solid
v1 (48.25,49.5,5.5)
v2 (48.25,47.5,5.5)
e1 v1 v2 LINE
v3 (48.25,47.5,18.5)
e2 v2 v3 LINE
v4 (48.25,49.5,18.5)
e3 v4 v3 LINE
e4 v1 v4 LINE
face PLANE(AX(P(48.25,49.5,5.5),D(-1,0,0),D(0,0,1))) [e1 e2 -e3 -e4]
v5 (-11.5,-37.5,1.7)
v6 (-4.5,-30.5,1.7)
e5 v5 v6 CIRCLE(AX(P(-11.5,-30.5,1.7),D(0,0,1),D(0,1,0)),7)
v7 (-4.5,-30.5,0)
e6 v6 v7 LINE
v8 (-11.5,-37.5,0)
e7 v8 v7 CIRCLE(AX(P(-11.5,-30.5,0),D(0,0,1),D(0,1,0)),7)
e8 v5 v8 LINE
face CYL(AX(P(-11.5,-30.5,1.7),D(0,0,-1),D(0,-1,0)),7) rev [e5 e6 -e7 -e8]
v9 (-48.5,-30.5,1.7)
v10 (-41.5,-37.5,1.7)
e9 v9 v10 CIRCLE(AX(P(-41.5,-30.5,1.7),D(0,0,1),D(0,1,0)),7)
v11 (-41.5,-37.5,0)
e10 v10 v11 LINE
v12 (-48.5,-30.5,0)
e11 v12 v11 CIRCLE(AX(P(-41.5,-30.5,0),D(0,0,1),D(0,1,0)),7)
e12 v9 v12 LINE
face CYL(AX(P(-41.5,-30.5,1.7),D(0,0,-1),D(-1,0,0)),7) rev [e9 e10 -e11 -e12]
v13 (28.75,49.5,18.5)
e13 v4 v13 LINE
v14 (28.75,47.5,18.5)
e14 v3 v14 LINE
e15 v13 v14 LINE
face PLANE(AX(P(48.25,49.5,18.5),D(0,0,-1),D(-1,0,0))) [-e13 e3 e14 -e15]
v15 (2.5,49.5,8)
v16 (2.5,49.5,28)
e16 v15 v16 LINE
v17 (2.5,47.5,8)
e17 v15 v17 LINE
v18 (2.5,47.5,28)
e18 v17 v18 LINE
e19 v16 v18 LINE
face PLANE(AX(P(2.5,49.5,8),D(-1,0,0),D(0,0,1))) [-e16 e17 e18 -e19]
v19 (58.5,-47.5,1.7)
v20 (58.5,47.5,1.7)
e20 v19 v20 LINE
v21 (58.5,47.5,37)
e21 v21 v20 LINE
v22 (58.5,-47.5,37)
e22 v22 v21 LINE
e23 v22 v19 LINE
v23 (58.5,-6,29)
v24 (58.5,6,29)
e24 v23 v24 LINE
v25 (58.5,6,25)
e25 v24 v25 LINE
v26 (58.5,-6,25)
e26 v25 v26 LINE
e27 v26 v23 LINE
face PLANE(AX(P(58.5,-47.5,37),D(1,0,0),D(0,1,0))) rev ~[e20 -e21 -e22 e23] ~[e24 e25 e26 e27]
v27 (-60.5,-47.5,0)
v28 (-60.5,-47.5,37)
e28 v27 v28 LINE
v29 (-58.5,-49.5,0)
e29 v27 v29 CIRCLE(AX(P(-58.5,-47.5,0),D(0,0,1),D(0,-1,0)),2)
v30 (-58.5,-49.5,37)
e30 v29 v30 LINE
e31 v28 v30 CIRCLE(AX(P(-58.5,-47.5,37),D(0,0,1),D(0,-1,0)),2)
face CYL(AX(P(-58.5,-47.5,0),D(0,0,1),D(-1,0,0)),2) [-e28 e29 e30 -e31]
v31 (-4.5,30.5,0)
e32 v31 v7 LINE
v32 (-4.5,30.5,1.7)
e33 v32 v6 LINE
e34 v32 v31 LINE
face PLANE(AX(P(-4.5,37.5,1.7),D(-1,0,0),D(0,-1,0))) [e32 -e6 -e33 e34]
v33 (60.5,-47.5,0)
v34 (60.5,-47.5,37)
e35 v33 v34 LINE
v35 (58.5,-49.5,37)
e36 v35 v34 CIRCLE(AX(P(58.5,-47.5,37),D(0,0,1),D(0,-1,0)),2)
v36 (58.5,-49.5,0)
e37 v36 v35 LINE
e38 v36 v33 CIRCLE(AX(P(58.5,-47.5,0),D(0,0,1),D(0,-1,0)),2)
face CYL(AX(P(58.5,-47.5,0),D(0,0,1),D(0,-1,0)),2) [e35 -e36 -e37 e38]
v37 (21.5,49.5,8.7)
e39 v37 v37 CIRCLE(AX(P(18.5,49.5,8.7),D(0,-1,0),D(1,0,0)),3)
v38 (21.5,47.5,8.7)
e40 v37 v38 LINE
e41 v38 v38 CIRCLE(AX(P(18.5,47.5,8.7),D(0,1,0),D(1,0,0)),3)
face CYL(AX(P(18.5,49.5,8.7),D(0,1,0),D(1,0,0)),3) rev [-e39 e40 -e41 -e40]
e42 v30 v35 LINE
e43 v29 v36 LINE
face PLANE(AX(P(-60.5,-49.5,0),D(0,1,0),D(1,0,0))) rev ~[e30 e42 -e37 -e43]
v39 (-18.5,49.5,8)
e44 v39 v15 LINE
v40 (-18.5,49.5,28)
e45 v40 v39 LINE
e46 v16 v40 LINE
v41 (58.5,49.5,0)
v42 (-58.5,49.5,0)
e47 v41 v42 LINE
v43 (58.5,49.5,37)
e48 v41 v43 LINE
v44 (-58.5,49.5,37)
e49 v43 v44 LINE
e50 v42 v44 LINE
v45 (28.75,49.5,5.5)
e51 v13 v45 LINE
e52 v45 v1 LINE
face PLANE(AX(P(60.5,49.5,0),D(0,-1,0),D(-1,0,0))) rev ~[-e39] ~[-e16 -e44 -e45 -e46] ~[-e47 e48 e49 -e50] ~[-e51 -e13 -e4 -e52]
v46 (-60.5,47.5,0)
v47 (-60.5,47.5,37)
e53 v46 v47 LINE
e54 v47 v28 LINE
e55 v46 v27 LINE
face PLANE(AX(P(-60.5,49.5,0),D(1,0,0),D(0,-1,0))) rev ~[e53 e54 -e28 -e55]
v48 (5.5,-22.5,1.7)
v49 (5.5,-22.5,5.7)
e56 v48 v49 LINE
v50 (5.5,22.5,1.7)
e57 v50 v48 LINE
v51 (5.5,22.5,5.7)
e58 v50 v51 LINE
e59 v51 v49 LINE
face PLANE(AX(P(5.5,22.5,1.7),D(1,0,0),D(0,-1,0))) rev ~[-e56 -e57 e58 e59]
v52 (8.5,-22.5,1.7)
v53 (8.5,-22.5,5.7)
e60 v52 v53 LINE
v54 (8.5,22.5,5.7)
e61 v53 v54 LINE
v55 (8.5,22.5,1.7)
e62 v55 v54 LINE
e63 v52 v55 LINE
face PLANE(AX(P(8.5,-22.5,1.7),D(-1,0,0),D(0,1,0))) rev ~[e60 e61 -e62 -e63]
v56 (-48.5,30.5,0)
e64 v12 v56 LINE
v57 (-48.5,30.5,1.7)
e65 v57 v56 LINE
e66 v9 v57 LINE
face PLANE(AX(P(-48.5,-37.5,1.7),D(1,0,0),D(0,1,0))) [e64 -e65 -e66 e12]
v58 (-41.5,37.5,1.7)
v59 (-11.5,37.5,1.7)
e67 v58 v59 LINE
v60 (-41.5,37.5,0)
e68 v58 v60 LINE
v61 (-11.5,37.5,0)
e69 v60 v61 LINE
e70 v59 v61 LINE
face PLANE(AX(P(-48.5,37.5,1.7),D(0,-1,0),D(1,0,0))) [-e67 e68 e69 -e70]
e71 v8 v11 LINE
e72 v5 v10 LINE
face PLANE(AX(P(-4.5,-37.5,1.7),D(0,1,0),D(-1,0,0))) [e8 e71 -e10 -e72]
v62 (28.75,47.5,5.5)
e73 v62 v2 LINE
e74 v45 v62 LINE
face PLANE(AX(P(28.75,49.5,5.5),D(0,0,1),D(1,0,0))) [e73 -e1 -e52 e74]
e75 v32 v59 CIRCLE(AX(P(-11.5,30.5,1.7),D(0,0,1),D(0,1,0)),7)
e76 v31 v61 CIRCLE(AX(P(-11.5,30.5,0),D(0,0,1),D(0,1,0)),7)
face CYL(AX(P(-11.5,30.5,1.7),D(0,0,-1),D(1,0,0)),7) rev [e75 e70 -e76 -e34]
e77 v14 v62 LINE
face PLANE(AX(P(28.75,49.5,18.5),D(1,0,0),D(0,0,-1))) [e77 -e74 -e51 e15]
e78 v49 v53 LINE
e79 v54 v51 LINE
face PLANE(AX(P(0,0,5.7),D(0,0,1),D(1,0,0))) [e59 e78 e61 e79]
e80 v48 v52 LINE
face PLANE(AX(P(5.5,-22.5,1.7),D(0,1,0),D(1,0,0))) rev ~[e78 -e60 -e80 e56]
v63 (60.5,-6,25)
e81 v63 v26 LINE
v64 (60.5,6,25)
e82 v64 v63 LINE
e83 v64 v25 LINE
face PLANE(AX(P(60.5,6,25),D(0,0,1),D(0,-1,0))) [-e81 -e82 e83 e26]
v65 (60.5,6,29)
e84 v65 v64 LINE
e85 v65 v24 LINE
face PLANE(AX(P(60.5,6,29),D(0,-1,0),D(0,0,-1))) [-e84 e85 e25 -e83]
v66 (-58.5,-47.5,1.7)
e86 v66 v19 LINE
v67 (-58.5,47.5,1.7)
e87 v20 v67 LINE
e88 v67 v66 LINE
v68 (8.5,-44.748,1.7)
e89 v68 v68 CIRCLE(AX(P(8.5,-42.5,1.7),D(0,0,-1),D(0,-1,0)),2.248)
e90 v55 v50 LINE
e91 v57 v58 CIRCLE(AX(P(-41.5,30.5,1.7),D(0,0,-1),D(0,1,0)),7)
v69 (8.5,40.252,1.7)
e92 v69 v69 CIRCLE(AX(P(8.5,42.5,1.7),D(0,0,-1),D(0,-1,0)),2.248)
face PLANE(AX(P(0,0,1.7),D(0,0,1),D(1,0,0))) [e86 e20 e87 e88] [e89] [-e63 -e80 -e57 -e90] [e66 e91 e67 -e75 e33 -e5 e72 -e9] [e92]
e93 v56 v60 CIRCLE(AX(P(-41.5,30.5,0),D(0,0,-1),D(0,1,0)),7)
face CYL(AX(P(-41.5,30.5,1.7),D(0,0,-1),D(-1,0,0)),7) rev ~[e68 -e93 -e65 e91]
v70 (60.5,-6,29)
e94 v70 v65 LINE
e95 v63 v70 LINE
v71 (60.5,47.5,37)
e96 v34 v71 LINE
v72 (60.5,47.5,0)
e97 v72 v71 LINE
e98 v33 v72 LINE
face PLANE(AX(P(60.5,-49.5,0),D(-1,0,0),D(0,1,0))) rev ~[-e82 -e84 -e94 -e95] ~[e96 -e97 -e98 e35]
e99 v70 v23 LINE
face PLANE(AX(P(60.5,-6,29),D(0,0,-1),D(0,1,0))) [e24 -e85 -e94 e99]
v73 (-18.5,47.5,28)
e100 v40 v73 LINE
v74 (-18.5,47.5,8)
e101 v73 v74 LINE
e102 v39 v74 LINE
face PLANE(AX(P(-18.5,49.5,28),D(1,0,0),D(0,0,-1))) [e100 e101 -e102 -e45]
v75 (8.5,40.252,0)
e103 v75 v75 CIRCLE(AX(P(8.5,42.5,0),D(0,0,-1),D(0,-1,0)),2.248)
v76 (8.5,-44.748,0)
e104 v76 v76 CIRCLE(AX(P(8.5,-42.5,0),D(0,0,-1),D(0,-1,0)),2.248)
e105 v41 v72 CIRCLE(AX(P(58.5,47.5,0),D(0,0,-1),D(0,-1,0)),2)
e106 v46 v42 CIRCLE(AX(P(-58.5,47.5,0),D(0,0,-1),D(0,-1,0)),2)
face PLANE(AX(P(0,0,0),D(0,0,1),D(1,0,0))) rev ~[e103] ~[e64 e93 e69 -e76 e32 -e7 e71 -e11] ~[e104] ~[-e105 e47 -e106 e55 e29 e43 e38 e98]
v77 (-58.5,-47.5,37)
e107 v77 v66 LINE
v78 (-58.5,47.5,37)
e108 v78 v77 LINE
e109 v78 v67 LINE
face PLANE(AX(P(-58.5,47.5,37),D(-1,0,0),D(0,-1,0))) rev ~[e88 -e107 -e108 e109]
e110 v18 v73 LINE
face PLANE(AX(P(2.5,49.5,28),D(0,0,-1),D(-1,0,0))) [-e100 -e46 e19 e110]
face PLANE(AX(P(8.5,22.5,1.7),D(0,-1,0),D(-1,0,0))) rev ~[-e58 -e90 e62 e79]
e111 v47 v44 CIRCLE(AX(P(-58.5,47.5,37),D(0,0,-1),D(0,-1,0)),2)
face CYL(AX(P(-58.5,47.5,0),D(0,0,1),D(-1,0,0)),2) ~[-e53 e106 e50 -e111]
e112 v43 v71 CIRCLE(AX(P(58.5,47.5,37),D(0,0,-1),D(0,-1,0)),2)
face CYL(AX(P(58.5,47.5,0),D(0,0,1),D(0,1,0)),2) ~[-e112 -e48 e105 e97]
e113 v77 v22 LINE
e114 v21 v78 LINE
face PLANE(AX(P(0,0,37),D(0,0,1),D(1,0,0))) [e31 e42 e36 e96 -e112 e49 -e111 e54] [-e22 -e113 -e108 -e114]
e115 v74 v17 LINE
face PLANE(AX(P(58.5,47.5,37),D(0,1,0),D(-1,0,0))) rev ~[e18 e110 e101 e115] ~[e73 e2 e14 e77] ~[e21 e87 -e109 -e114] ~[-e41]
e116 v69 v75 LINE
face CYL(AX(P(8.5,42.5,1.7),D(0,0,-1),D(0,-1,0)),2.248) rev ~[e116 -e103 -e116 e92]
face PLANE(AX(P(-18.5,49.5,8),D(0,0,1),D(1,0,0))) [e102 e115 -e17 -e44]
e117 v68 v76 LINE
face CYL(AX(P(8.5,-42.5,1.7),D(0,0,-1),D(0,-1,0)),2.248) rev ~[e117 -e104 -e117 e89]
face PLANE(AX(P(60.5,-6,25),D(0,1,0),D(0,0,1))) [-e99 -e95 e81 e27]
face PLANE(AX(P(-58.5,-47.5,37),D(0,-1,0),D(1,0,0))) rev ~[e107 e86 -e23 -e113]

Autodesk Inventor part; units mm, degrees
ref_plane "YZ Plane" through (0, 0, 0) normal (1, 0, 0) x (0, 1, 0)
ref_plane "XZ Plane" through (0, 0, 0) normal (0, 1, 0) x (-1, 0, 0)
ref_plane "XY Plane" through (0, 0, 0) normal (0, 0, 1) x (1, 0, 0)
sketch "Sketch1" plane through (0, 0, 0) normal (0, 0, 1) x (1, 0, 0)
  line L0 (-60.5, -49.5) -> (60.5, -49.5)
  line L1 (60.5, -49.5) -> (60.5, 49.5)
  line L2 (60.5, 49.5) -> (-60.5, 49.5)
  line L3 (-60.5, 49.5) -> (-60.5, -49.5)
  line L4 (-60.5, -49.5) -> (60.5, 49.5) construction
  line L5 (60.5, -49.5) -> (-60.5, 49.5) construction
  point P0 (0, 0)
  dimension "d0" = 121
  dimension "d1" = 99
extrude "Extrusion1" add sketch "Sketch1" along normal blind 37
sketch "Sketch3" plane through (0, 0, 37) normal (0, 0, 1) x (1, 0, 0)
  line L0 (-58.5, -47.5) -> (58.5, -47.5)
  line L1 (58.5, -47.5) -> (58.5, 47.5)
  line L2 (58.5, 47.5) -> (-58.5, 47.5)
  line L3 (-58.5, 47.5) -> (-58.5, -47.5)
  line L4 (-58.5, -47.5) -> (58.5, 47.5) construction
  line L5 (58.5, -47.5) -> (-58.5, 47.5) construction
  point P0 (0, 0)
  dimension "d8" = 117
  dimension "d9" = 95
extrude "Extrusion3" cut sketch "Sketch3" against normal blind 35.3
sketch "Sketch4" plane through (0, 0, 1.7) normal (0, 0, 1) x (1, 0, 0)
  line L0 (5.5, -22.5) -> (8.5, -22.5)
  line L1 (8.5, -22.5) -> (8.5, 22.5)
  line L2 (8.5, 22.5) -> (5.5, 22.5)
  line L3 (5.5, 22.5) -> (5.5, -22.5)
  line L4 (5.5, -22.5) -> (8.5, 22.5) construction
  line L5 (8.5, -22.5) -> (5.5, 22.5) construction
  line L6 (-58.5, -47.5) -> (-58.5, 47.5) projected
  point P0 (0, 0)
  point P1 (7, 0)
  dimension "d12" = 3
  dimension "d13" = 65.5
  dimension "d14" = 45
extrude "Extrusion4" add sketch "Sketch4" along normal blind 4
sketch "Sketch5" plane through (-60.5, 49.5, 0) normal (0, -1, 0) x (1, 0, 0)
  circle A0 centre (79, 8.7) radius 3
  line L0 (119, 1.7) -> (2, 1.7) projected
  line L1 (69, 1.7) -> (69, 5.7) projected
  point P0 (60.5, 0)
  dimension "d17" = 6
  dimension "d18" = 7
  dimension "d19" = 10
extrude "Extrusion5" cut sketch "Sketch5" along normal blind 4
sketch "Sketch6" plane through (-60.5, 49.5, 0) normal (0, -1, 0) x (1, 0, 0)
  line L0 (89.25, 5.5) -> (108.75, 5.5)
  line L1 (108.75, 5.5) -> (108.75, 18.5)
  line L2 (108.75, 18.5) -> (89.25, 18.5)
  line L3 (89.25, 18.5) -> (89.25, 5.5)
  line L4 (89.25, 5.5) -> (108.75, 18.5) construction
  line L5 (108.75, 5.5) -> (89.25, 18.5) construction
  line L6 (0, 0) -> (121, 0) projected
  circle A0 centre (79, 8.7) radius 3 projected
  point P0 (60.5, 0)
  point P1 (99, 12)
  point P2 (79, 9)
  dimension "d23" = 19.5
  dimension "d24" = 13
  dimension "d25" = 12
  dimension "d26" = 20
extrude "Extrusion6" cut sketch "Sketch6" along normal blind 4 contours L3 L2 L1 L0
sketch "Sketch9" plane through (60.5, -49.5, 0) normal (1, 0, 0) x (0, 0, -1)
  line L0 (-25, 43.5) -> (-29, 43.5)
  line L1 (-29, 43.5) -> (-29, 55.5)
  line L2 (-29, 55.5) -> (-25, 55.5)
  line L3 (-25, 55.5) -> (-25, 43.5)
  line L4 (-25, 43.5) -> (-29, 55.5) construction
  line L5 (-29, 43.5) -> (-25, 55.5) construction
  line L6 (-37, 0) -> (-37, 99) projected
  point P0 (0, 49.5)
  point P1 (-27, 49.5)
  point P2 (-27, 49.5)
  point P3 (-37, 49.5)
  dimension "d37" = 12
  dimension "d38" = 4
  dimension "d39" = 10
extrude "Extrusion8" cut sketch "Sketch9" against normal blind 10
fillet "Fillet2" radius 2 4 edges at (-60.5, -49.5, 18.5) (60.5, -49.5, 18.5) (60.5, 49.5, 18.5) (-60.5, 49.5, 18.5)
sketch "Sketch10" plane through (0, 0, 1.7) normal (0, 0, 1) x (1, 0, 0)
  line L0 (-48.5, 37.5) -> (-4.5, 37.5)
  line L1 (-4.5, 37.5) -> (-4.5, -37.5)
  line L2 (-4.5, -37.5) -> (-48.5, -37.5)
  line L3 (-48.5, -37.5) -> (-48.5, 37.5)
  line L4 (-48.5, 37.5) -> (-4.5, -37.5) construction
  line L5 (-4.5, 37.5) -> (-48.5, -37.5) construction
  line L6 (5.5, 22.5) -> (5.5, -22.5) projected
  line L7 (-58.5, -47.5) -> (-58.5, 47.5) projected
  line L8 (58.5, -47.5) -> (-58.5, -47.5) projected
  line L9 (-58.5, 47.5) -> (58.5, 47.5) projected
  point P0 (0, 0)
  point P1 (-26.5, 0)
  dimension "d43" = 10
  dimension "d44" = 10
  dimension "d45" = 10
  dimension "d46" = 10
extrude "Extrusion9" cut sketch "Sketch10" against normal blind 10
sketch "Sketch12" plane through (-58.5, 49.5, 0) normal (0, 1, 0) x (1, 0, 0)
  line L0 (61, -28) -> (40, -28)
  line L1 (40, -28) -> (40, -8)
  line L2 (40, -8) -> (61, -8)
  line L3 (61, -8) -> (61, -28)
  line L4 (61, -28) -> (40, -8) construction
  line L5 (40, -28) -> (61, -8) construction
  line L6 (117, 0) -> (0, 0) projected
  point P0 (58.5, 0)
  point P1 (50.5, -18)
  point P2 (0, -37)
  dimension "d49" = 20
  dimension "d50" = 21
  dimension "d51" = 40
  dimension "d52" = 8
extrude "Extrusion10" cut sketch "Sketch12" against normal blind 10
fillet "Fillet3" radius 7 4 edges at (-4.5, 37.5, 0.85) (-48.5, 37.5, 0.85) (-48.5, -37.5, 0.85) (-4.5, -37.5, 0.85)
sketch "Sketch13" plane through (0, 0, 1.7) normal (0, 0, 1) x (1, 0, 0)
  line L0 (58.5, 47.5) -> (58.5, -47.5) projected
  line L1 (-58.5, 47.5) -> (58.5, 47.5) projected
  line L2 (58.5, -47.5) -> (-58.5, -47.5) projected
  line L3 (-58.5, -47.5) -> (-58.5, 47.5) projected
  point P0 (0, 0)
  point P1 (8.5, -42.5)
  point P2 (8.5, 42.5)
  point P3 (8.5, 22.5)
  point P4 (8.5, -22.5)
  dimension "d57" = 5
  dimension "d58" = 5
hole "Hole1" at (8.5, -42.5, 1.7) at (8.5, 42.5, 1.7) direction (0, 0, -1) diameter 4.496 end through all clearance for "Flat Head Machine Screw (82)" size "#8" standard "Ansi Unified Screw Threads"
equation "\"d65\" = Thickness"
equation "\"BendRadius\" = Thickness"
equation "\"BendReliefWidth\" = Thickness"
equation "\"BendReliefDepth\" = 0.5 * Thickness"
equation "\"CornerReliefSize\" = 4 * Thickness"
equation "\"MinimumRemnant\" = 2 * Thickness"
equation "\"TransitionRadius\" = BendRadius"
equation "\"JacobiRadiusSize\" = Thickness"
equation "\"GapSize\" = Thickness"
equation "\"Thickness\" = 0.5"
properties part number "_3DPrint"
